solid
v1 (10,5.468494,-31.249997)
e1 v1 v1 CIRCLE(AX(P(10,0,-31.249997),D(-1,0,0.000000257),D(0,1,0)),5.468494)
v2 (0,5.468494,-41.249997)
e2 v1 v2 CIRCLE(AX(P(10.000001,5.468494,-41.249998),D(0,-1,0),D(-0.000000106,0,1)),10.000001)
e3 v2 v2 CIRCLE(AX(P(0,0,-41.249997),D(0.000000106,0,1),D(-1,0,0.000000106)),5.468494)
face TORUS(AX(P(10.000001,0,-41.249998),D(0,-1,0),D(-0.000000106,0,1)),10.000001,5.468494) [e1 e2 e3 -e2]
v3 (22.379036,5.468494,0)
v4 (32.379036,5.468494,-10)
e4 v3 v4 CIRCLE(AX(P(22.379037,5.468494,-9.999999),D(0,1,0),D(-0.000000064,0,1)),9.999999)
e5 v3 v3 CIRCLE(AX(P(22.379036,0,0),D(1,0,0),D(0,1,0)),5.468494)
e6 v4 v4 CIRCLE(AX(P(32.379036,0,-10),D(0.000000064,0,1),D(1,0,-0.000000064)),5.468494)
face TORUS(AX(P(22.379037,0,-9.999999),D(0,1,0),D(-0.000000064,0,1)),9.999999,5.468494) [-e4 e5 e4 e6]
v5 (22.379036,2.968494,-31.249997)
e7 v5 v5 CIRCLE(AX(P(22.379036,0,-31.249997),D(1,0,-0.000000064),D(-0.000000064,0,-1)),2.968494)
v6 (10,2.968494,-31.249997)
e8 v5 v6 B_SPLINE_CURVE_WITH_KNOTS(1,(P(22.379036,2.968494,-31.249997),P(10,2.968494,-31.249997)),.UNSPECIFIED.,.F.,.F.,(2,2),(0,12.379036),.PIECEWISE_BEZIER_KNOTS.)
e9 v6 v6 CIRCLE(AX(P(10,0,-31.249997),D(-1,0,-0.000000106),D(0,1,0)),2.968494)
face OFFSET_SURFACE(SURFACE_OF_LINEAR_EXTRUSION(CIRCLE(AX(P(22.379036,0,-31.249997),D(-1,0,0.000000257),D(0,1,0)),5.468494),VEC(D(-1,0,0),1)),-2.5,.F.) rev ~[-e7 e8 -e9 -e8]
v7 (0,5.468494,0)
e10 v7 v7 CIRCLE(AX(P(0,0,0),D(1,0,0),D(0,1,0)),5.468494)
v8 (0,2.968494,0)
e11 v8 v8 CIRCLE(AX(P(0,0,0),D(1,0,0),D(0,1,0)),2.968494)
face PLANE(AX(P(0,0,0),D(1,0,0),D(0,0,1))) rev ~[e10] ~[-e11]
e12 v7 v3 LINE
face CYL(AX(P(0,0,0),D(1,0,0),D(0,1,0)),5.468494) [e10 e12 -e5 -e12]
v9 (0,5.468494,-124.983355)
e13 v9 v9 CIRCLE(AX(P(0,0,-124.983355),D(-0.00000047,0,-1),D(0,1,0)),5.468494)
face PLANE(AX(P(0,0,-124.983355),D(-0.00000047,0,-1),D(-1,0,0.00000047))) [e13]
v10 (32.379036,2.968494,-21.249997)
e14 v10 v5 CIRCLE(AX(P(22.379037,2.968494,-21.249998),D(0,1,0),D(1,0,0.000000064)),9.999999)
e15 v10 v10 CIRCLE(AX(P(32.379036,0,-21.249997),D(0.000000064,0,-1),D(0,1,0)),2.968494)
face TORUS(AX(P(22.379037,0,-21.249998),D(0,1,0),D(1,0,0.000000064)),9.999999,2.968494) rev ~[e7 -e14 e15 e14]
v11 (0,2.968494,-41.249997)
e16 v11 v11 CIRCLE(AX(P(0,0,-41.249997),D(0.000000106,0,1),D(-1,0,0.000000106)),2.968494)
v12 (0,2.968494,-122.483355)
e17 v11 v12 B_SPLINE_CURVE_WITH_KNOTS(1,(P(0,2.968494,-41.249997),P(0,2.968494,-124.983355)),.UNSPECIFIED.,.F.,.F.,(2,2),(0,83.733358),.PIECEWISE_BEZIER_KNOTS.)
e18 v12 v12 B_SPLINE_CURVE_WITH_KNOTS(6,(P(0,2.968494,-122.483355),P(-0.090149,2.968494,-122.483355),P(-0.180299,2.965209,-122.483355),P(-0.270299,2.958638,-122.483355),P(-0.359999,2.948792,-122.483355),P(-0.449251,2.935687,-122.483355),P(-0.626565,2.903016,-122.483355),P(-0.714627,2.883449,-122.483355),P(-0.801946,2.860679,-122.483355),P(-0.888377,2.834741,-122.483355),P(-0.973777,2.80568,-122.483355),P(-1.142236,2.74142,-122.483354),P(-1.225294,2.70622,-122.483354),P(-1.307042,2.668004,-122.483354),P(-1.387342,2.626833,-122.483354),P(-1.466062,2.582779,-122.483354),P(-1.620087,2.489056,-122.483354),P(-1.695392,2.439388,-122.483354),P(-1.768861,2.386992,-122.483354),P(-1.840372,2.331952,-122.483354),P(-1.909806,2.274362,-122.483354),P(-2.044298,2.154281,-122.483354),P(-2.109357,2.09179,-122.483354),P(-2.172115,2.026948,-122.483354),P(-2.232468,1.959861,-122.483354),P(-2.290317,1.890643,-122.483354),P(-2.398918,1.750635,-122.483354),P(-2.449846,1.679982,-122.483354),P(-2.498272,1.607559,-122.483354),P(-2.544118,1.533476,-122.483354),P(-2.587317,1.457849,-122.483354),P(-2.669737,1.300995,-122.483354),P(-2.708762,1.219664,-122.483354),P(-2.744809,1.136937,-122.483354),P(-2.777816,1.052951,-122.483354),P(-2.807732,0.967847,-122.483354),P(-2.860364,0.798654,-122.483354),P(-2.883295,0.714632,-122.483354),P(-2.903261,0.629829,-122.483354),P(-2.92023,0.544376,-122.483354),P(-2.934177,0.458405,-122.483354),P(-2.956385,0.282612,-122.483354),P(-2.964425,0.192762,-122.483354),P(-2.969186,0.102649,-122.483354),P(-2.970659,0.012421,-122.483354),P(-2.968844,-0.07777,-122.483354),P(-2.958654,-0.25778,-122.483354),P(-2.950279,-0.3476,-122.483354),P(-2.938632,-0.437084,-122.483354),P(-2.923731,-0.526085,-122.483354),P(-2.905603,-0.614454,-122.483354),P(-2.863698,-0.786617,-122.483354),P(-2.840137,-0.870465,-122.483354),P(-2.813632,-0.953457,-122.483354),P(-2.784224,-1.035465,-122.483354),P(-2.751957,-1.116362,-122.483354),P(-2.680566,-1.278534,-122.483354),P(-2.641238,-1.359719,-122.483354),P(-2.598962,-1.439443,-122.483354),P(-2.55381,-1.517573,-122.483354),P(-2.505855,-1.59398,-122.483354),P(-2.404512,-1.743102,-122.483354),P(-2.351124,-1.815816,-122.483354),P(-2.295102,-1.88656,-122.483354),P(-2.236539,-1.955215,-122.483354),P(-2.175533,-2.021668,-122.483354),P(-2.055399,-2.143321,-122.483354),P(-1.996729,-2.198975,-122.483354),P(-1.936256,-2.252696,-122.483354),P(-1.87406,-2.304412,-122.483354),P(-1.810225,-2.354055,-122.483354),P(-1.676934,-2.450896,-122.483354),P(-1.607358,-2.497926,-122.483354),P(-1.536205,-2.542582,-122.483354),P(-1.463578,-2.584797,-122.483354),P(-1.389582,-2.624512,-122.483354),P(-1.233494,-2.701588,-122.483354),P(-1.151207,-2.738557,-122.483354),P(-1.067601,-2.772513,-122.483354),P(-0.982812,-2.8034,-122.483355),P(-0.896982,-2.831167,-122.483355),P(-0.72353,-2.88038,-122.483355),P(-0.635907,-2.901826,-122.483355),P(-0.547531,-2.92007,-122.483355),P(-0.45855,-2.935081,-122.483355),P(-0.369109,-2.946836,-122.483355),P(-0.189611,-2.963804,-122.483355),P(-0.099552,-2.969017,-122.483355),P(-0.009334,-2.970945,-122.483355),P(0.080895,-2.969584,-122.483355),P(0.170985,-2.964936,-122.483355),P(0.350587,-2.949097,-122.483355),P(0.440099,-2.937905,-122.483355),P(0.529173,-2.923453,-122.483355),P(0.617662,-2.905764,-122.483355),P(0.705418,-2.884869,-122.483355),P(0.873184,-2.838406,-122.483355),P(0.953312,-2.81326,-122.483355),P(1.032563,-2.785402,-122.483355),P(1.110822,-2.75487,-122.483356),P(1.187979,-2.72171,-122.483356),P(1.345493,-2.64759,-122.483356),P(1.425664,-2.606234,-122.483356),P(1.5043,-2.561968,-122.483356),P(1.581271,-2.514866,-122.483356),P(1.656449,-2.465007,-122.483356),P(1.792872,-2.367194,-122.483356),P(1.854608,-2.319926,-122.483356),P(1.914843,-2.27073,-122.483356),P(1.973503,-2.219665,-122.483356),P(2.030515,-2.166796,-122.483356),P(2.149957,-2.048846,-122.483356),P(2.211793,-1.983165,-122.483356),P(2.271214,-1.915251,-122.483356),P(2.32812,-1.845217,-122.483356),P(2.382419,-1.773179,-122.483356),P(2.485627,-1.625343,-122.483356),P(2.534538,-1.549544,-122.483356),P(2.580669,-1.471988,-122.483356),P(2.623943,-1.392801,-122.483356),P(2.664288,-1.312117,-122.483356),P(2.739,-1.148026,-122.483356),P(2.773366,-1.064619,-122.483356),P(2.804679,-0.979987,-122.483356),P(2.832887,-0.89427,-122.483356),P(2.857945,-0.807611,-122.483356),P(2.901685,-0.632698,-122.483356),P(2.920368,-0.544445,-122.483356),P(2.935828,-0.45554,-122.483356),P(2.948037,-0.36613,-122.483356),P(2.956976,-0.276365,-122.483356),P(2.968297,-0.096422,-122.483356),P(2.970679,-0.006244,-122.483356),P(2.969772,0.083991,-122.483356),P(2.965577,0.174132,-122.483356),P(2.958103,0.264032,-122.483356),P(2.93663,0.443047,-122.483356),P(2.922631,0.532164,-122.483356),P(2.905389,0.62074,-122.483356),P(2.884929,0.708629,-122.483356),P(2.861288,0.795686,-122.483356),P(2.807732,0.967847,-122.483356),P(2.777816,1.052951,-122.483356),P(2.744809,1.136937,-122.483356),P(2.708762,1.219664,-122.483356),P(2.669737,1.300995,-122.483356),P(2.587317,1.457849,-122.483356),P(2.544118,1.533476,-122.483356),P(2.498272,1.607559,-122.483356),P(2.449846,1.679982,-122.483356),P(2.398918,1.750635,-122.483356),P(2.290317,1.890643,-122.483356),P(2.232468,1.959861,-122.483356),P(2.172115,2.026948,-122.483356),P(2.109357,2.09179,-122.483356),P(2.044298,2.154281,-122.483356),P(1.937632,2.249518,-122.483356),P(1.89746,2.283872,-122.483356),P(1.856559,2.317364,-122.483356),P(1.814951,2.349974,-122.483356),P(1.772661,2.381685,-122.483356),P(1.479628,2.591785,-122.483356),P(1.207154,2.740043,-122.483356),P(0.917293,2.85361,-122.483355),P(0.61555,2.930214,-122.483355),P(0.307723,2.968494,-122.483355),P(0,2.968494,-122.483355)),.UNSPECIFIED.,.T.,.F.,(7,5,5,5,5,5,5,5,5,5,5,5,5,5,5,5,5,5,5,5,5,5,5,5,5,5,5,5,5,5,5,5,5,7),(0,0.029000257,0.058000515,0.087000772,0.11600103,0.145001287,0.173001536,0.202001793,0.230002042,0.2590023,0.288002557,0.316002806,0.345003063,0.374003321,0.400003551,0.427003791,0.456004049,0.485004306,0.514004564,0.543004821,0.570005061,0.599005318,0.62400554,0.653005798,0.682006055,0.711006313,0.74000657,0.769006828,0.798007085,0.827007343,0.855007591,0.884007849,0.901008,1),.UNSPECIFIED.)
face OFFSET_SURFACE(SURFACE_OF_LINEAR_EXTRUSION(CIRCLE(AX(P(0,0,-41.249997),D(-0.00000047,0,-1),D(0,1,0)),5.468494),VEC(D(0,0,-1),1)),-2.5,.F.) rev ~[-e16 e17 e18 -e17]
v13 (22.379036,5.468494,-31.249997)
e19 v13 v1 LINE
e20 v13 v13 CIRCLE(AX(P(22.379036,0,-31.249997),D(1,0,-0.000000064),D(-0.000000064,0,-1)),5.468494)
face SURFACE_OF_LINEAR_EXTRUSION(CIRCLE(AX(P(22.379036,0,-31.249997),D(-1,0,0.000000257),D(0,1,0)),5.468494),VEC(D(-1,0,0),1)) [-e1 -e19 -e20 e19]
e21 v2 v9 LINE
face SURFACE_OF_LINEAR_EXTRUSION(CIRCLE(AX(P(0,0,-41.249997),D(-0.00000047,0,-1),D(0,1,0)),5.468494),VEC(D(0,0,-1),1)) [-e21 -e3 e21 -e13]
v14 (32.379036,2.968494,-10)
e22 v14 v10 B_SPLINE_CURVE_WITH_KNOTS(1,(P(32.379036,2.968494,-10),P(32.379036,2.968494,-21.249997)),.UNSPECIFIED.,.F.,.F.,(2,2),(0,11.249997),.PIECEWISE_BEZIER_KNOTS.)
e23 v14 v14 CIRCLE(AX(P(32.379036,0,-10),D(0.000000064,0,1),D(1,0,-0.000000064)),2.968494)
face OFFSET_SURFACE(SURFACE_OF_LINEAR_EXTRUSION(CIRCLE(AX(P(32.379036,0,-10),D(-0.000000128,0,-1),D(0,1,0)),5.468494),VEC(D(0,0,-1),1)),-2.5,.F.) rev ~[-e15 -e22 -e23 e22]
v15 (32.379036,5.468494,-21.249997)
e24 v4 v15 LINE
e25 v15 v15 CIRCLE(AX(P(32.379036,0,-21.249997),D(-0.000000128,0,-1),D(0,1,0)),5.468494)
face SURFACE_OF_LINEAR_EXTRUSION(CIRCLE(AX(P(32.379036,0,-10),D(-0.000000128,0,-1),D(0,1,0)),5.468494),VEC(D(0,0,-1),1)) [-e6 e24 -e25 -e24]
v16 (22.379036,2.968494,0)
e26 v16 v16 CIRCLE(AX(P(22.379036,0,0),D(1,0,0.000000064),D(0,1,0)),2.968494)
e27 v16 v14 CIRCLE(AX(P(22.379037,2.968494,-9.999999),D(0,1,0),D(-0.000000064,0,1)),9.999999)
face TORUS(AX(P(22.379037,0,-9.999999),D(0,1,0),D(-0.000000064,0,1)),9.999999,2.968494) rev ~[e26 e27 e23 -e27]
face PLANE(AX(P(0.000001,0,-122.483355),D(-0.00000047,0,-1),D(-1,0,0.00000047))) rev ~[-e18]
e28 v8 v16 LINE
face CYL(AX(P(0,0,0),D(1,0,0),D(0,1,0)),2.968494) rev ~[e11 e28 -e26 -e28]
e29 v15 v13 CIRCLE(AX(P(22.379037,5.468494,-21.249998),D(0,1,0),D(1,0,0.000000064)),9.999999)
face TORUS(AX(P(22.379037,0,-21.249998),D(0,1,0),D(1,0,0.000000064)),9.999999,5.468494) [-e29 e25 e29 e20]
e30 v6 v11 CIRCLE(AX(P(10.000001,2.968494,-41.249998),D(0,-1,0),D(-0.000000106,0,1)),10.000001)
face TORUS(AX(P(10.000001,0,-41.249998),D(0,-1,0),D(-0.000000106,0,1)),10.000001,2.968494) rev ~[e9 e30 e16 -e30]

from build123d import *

# Parameters (mm, degrees)
F1_R = 5.468494
F3_T = -2.5


with BuildPart() as f2:
    # F2: sweep along a path in F0
    with BuildLine(Plane.XZ) as f2_path:
        Line((0, 0), (22.379036, 0))
        ThreePointArc((22.379036, 0), (29.450104, -2.928932), (32.379036, -10))
        Line((32.379036, -10), (32.379036, -21.249997))
        ThreePointArc((32.379036, -21.249997), (29.450104, -28.321065), (22.379036, -31.249997))
        Line((22.379036, -31.249997), (10, -31.249997))
        ThreePointArc((10, -31.249997), (2.928932, -34.17893), (0, -41.249997))
        Line((0, -41.249997), (0, -124.983355))
    # F1 (on Right) → F2 (sweep)
    with BuildSketch(Plane.YZ):
        Circle(F1_R)
    sweep(path=f2_path.line)

    # F3
    f3_openings = [f2.faces().sort_by_distance(p)[0] for p in [
        (0, 0, 0),
    ]]
    offset(amount=F3_T, openings=f3_openings)


solid = f2.part
